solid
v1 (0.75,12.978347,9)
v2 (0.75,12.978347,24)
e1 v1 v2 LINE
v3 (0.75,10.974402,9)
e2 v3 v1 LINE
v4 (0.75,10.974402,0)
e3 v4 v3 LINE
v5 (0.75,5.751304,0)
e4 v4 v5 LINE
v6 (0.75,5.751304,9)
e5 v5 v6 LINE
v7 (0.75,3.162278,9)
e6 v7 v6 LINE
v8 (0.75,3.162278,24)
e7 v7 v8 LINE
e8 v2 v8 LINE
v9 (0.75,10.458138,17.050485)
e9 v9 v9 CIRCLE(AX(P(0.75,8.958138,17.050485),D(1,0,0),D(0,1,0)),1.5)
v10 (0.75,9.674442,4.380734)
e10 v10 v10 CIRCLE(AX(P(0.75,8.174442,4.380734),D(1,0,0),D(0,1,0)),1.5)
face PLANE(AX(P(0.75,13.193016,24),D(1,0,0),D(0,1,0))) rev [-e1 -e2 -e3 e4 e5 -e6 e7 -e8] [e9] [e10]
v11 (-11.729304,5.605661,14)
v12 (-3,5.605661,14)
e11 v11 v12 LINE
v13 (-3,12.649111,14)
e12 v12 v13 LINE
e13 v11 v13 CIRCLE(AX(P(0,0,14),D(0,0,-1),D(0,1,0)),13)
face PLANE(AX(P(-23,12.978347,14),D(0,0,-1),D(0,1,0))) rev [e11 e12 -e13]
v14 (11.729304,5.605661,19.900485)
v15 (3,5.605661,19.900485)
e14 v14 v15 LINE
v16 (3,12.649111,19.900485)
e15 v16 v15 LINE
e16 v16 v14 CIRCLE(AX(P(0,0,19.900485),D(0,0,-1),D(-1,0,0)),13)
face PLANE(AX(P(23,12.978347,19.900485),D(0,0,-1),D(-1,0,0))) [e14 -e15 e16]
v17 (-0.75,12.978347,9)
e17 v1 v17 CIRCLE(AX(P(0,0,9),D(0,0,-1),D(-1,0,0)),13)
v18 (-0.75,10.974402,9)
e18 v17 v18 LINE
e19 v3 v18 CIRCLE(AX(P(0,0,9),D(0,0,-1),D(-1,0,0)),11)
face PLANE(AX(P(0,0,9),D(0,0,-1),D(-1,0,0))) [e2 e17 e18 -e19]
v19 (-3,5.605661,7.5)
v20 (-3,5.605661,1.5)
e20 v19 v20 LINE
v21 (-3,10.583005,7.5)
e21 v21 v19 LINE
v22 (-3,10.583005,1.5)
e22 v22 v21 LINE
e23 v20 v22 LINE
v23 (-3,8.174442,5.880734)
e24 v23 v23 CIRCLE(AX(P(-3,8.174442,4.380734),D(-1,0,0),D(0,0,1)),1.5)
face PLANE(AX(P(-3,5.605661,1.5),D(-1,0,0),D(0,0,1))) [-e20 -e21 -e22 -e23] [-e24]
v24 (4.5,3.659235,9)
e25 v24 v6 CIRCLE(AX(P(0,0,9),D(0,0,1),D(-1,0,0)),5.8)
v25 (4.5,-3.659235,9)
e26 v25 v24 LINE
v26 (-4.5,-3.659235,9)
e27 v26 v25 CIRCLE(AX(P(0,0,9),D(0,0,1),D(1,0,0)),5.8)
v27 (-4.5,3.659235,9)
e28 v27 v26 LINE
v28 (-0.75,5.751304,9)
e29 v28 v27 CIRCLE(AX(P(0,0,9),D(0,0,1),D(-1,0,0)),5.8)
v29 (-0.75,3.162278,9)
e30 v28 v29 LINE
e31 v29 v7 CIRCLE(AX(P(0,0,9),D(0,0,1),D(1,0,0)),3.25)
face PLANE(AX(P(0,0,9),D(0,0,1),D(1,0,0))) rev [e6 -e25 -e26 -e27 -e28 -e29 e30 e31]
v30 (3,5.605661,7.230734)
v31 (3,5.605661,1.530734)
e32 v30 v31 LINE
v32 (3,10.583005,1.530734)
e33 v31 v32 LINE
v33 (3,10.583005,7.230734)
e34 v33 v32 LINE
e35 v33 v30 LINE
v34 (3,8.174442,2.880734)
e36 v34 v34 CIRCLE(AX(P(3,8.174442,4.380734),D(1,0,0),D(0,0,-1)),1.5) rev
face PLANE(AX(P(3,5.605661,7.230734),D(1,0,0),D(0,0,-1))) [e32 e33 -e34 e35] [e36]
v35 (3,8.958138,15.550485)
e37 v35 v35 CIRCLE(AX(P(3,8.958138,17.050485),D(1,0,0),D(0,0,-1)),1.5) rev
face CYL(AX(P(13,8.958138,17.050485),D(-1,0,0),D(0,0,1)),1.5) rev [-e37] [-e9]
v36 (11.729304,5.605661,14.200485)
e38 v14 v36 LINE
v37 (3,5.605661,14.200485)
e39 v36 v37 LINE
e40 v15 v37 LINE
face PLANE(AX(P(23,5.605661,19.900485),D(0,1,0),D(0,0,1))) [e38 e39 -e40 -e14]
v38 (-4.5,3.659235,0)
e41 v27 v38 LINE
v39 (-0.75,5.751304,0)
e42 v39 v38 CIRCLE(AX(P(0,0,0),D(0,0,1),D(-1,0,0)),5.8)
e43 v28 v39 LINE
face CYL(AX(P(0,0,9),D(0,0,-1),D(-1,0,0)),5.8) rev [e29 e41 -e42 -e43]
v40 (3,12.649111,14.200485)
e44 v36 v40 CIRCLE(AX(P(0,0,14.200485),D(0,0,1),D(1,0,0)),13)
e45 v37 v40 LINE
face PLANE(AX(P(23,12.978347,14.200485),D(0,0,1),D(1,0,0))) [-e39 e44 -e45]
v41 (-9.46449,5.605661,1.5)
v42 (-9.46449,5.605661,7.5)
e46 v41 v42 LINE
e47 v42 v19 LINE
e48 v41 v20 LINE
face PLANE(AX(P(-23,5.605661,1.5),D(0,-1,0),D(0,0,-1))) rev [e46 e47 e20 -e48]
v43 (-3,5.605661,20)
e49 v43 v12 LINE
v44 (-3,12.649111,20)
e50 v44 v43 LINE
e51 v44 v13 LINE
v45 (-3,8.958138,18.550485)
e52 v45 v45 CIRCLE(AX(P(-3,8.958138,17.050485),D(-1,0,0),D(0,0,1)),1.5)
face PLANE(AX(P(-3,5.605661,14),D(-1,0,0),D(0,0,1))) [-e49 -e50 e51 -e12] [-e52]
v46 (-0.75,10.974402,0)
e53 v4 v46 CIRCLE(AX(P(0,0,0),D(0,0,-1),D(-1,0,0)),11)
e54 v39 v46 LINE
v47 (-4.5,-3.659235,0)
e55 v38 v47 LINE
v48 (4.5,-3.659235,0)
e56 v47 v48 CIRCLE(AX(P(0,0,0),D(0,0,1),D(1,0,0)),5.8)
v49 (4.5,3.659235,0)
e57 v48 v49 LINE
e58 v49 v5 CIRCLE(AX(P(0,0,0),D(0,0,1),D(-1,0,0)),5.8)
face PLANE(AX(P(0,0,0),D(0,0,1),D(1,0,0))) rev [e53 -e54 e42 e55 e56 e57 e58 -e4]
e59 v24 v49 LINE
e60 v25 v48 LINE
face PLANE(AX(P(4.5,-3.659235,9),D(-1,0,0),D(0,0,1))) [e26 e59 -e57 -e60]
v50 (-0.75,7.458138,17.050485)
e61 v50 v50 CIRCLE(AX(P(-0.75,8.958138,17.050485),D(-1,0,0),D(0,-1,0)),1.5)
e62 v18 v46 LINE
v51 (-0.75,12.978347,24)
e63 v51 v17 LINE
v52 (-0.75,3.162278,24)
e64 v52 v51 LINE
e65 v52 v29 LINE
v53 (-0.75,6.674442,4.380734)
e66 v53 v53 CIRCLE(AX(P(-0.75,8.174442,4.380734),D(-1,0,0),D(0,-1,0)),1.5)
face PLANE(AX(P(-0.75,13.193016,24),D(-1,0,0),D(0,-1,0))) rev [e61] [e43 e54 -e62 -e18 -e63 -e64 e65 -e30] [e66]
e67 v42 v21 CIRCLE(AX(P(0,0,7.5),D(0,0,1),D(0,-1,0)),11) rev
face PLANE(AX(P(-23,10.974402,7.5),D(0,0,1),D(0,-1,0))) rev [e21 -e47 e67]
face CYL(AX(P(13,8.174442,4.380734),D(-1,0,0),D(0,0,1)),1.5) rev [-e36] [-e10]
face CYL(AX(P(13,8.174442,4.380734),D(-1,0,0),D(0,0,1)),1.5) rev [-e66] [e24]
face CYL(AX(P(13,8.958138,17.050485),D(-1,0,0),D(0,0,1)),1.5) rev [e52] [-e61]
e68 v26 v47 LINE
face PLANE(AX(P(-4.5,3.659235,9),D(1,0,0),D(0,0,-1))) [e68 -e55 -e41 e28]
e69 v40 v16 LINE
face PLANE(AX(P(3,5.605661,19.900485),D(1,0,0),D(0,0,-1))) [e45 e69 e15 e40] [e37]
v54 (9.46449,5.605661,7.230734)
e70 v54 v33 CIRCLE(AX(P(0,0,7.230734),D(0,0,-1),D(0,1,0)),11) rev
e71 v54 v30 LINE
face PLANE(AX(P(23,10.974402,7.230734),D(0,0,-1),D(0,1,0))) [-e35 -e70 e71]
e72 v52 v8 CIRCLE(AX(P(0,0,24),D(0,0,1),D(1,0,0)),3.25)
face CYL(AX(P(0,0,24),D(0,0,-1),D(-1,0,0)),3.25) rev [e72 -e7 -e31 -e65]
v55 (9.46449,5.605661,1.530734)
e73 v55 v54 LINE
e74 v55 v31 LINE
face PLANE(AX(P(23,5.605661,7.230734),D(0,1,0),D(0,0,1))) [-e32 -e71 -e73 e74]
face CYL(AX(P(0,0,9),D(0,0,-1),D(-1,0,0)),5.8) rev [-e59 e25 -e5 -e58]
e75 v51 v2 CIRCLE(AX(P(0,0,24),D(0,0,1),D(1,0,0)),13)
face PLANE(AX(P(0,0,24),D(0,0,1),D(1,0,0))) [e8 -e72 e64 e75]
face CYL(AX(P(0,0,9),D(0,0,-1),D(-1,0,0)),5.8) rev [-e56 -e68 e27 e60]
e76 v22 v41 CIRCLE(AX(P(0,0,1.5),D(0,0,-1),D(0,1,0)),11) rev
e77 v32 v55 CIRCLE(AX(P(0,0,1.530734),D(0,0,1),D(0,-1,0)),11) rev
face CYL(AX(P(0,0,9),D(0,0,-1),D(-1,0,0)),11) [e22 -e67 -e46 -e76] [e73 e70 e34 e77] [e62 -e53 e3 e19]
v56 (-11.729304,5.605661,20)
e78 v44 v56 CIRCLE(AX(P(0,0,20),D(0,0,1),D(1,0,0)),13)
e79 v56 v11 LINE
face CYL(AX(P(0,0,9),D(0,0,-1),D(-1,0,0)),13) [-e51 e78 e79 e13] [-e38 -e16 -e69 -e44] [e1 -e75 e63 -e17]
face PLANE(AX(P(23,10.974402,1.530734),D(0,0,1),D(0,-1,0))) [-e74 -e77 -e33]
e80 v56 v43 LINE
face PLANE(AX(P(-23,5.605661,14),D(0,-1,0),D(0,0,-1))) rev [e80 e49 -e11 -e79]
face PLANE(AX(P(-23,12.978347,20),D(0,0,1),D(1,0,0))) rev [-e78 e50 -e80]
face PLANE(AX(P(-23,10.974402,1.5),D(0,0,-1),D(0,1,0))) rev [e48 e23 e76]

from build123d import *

# Parameters (mm, degrees)
SKETCH_1_R           = 13
EXTRUDE_1_DEPTH      = 9
SKETCH_2_R           = 13
SKETCH_2_R_2         = 3.25
EXTRUDE_2_DEPTH      = 15
SKETCH_3_W           = 1.5
SKETCH_3_H           = 11.626426752
CUT_EXTRUDE_3_DEPTH  = 31.232432916
SKETCH_7_R           = 16.638234873
SKETCH_7_R_2         = 11
CUT_EXTRUDE_9_DEPTH  = 9
CUTOFF_START         = -3
SKETCH_8_W           = 6
SKETCH_8_H           = 5.368740975
SKETCH_8_H_2         = 7.372686293
CUTOFF_DEPTH         = 20
SKETCH_10_R          = 1.5
CUT_EXTRUDE_12_DEPTH = 32.638584039
CUT_EXTRUDE_START    = 3
SKETCH_9_W           = 5.7
SKETCH_9_H           = 7.372686293
SKETCH_9_H_2         = 5.368740975
CUT_EXTRUDE_11_DEPTH = 20


with BuildPart() as part:
    # Эскиз1 → Вытянуть1 (new body)
    with BuildSketch(Plane.XY):
        Circle(SKETCH_1_R)
        with BuildLine():
            Line((-4.5, 3.659234893), (-4.5, -3.659234893))
            ThreePointArc((-4.5, -3.659234893), (0, -5.8), (4.5, -3.659234893))
            Line((4.5, -3.659234893), (4.5, 3.659234893))
            ThreePointArc((4.5, 3.659234893), (0, 5.8), (-4.5, 3.659234893))
        make_face(mode=Mode.SUBTRACT)
    extrude(amount=EXTRUDE_1_DEPTH)

    # Эскиз2 → Вытянуть2 (add)
    with BuildSketch(Plane.XY.offset(9)):
        Circle(SKETCH_2_R)
        Circle(SKETCH_2_R_2, mode=Mode.SUBTRACT)
    extrude(amount=EXTRUDE_2_DEPTH)

    # Эскиз3 → Вытянуть3 (cut, through all)
    with BuildSketch(Plane(origin=(0, 0, 0), x_dir=(-1, 0, 0), z_dir=(0, 0, -1))):
        with Locations((0, 7.379803008)):
            Rectangle(SKETCH_3_W, SKETCH_3_H)
    extrude(amount=-CUT_EXTRUDE_3_DEPTH, mode=Mode.SUBTRACT)

    # Эскиз7 → Вытянуть9 (cut)
    with BuildSketch(Plane(origin=(0, 0, 0), x_dir=(-1, 0, 0), z_dir=(0, 0, -1))):
        Circle(SKETCH_7_R)
        Circle(SKETCH_7_R_2, mode=Mode.SUBTRACT)
    extrude(amount=-CUT_EXTRUDE_9_DEPTH, mode=Mode.SUBTRACT)

    # Эскиз8 → cutoff (cut)
    with BuildSketch(Plane(origin=(0, 0, 0), x_dir=(0, 0, -1), z_dir=(1, 0, 0)).offset(CUTOFF_START)):
        with Locations((-4.5, 8.290031546)):
            Rectangle(SKETCH_8_W, SKETCH_8_H)
        with Locations((-17, 9.292004205)):
            Rectangle(SKETCH_8_W, SKETCH_8_H_2)
    extrude(amount=-CUTOFF_DEPTH, mode=Mode.SUBTRACT)

    # Эскиз10 → Вытянуть12 (cut, through all)
    with BuildSketch(Plane.ZY.offset(3)):
        with Locations(Location((4.38073417, 8.174442111, 0), (0, 0, 90))):
            Circle(SKETCH_10_R)
        with Locations(Location((17.050484779, 8.958138025, 0), (0, 0, 90))):
            Circle(SKETCH_10_R)
    extrude(amount=-CUT_EXTRUDE_12_DEPTH, mode=Mode.SUBTRACT)

    # Эскиз9 → Вытянуть11 (cut)
    with BuildSketch(Plane(origin=(0, 0, 0), x_dir=(0, 0, -1), z_dir=(1, 0, 0)).offset(CUT_EXTRUDE_START)):
        with Locations((-17.050484779, 9.292004205)):
            Rectangle(SKETCH_9_W, SKETCH_9_H)
        with Locations((-4.38073417, 8.290031546)):
            Rectangle(SKETCH_9_W, SKETCH_9_H_2)
    extrude(amount=CUT_EXTRUDE_11_DEPTH, mode=Mode.SUBTRACT)


solid = part.part
